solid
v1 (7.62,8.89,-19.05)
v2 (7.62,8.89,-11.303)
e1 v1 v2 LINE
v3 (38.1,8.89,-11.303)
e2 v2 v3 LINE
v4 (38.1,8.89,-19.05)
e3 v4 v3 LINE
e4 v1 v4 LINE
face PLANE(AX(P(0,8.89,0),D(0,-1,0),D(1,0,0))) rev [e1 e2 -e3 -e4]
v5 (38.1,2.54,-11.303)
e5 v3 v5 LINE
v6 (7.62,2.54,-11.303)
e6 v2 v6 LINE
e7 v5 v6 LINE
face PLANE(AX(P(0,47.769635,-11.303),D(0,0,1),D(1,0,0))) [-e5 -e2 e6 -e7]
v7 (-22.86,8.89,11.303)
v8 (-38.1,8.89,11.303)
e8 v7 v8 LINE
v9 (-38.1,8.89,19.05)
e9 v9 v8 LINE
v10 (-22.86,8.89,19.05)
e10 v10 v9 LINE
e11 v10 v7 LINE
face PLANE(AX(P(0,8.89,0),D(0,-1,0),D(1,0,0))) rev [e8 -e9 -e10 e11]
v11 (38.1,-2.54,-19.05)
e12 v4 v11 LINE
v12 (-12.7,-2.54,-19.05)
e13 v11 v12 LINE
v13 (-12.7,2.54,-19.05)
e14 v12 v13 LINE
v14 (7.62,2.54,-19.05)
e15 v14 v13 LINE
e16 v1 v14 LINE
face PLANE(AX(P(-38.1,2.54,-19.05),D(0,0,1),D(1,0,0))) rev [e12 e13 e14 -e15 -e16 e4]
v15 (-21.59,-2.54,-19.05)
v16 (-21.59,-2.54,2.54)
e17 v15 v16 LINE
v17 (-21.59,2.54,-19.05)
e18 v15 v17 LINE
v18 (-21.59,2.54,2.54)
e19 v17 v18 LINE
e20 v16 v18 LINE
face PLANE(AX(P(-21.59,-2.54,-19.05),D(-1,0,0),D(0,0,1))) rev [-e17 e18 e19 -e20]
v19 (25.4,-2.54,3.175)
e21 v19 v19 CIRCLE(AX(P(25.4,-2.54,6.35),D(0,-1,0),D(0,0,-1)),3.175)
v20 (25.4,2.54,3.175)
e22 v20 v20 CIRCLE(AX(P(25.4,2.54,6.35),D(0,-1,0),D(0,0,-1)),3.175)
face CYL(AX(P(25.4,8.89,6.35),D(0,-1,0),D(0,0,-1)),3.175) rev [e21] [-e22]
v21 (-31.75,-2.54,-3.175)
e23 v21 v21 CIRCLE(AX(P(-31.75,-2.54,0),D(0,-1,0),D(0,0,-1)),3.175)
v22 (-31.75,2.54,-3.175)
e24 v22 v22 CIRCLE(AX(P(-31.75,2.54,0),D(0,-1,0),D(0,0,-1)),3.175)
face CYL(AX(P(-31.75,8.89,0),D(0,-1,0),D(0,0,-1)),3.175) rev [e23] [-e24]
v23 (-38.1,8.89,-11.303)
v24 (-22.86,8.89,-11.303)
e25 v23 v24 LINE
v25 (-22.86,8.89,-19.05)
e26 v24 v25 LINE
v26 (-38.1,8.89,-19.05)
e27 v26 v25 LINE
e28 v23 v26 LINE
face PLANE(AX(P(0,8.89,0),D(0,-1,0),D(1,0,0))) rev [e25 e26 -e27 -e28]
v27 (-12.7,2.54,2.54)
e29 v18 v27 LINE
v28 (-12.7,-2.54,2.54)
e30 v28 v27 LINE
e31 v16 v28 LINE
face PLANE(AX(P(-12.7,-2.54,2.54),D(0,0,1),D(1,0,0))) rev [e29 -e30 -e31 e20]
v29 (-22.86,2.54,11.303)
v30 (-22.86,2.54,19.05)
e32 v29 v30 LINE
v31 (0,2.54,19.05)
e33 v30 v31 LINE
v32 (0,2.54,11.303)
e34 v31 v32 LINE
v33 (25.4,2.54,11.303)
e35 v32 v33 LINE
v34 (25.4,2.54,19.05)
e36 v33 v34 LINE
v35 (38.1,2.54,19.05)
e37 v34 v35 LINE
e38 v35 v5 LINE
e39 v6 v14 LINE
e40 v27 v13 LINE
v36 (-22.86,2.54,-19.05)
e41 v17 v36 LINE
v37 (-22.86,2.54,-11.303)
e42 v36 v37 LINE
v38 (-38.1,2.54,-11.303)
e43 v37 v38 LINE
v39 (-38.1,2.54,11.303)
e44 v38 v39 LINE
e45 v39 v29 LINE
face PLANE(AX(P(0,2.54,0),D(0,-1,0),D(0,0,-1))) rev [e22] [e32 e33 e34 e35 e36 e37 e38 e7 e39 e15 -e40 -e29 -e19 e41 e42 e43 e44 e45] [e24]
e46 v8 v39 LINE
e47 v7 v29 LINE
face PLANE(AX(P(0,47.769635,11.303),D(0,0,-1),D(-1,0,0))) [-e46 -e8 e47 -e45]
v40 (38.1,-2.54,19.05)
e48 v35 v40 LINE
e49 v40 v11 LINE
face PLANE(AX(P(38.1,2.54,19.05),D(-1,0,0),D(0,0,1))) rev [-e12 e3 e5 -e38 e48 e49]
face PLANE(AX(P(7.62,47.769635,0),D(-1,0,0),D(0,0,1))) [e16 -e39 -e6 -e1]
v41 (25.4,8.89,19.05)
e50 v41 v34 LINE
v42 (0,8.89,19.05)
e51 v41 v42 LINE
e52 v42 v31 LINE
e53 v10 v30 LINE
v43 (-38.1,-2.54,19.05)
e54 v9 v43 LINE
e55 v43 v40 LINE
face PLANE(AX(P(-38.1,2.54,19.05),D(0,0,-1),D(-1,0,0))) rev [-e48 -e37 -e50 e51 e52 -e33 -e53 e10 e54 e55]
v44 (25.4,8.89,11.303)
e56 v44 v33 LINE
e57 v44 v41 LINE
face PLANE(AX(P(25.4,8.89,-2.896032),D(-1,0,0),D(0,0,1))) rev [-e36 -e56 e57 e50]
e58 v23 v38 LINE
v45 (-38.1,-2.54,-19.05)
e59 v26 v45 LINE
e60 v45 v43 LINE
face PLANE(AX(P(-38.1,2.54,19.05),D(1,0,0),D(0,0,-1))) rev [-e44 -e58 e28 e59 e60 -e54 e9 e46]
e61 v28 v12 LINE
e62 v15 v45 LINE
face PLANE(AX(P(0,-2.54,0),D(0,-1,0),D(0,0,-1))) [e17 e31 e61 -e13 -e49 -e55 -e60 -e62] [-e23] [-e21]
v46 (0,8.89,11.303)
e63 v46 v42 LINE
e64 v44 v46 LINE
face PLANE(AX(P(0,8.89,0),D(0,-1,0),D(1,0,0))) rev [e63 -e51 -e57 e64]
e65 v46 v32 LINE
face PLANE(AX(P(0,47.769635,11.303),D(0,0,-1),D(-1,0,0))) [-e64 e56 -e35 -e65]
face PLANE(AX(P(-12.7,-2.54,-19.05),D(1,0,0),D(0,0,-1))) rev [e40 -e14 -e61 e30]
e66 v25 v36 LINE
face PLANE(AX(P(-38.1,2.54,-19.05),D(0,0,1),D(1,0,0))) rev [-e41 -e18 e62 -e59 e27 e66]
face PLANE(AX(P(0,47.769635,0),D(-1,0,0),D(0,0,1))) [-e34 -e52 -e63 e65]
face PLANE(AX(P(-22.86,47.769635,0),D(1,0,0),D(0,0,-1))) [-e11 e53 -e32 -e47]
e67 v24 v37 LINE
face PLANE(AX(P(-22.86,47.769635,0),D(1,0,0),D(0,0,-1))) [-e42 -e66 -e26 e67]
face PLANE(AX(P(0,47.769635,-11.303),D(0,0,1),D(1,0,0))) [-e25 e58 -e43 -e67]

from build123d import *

# Parameters (mm, degrees)
SKETCH1_W           = 76.2
SKETCH1_H           = 38.1
BOSS_EXTRUDE1_DEPTH = 2.54
SKETCH2_W           = 15.24
SKETCH2_H           = 7.747
SKETCH2_W_2         = 30.48
SKETCH2_W_3         = 38.1
BOSS_EXTRUDE2_DEPTH = 6.35
SKETCH3_W           = 8.89
SKETCH3_H           = 21.59
CUT_EXTRUDE1_DEPTH  = 6.08
SKETCH4_W           = 12.7
SKETCH4_H           = 6.35
CUT_EXTRUDE2_DEPTH  = 7.747
SKETCH5_R           = 3.175
CUT_EXTRUDE3_DEPTH  = 12.43


with BuildPart() as part:
    # Sketch1 → Boss-Extrude1 (new body, symmetric)
    with BuildSketch(Plane(origin=(0, 0, 0), x_dir=(1, 0, 0), z_dir=(0, 1, 0))):
        Rectangle(SKETCH1_W, SKETCH1_H)
    extrude(amount=BOSS_EXTRUDE1_DEPTH, both=True)

    # Sketch2 → Boss-Extrude2 (add)
    with BuildSketch(Plane(origin=(0, 2.54, 0), x_dir=(1, 0, 0), z_dir=(0, 1, 0))):
        with Locations((-30.48, 15.1765)):
            Rectangle(SKETCH2_W, SKETCH2_H)
        with Locations((22.86, 15.1765)):
            Rectangle(SKETCH2_W_2, SKETCH2_H)
        with Locations((19.05, -15.1765)):
            Rectangle(SKETCH2_W_3, SKETCH2_H)
        with Locations((-30.48, -15.1765)):
            Rectangle(SKETCH2_W, SKETCH2_H)
    extrude(amount=BOSS_EXTRUDE2_DEPTH)

    # Sketch3 → Cut-Extrude1 (cut, through all)
    with BuildSketch(Plane(origin=(0, 2.54, 0), x_dir=(1, 0, 0), z_dir=(0, 1, 0))):
        with Locations((-17.145, 8.255)):
            Rectangle(SKETCH3_W, SKETCH3_H)
    extrude(amount=-CUT_EXTRUDE1_DEPTH, mode=Mode.SUBTRACT)

    # Sketch4 → Cut-Extrude2 (cut)
    with BuildSketch(Plane.XY.offset(19.05)):
        with Locations((31.75, 5.715)):
            Rectangle(SKETCH4_W, SKETCH4_H)
    extrude(amount=-CUT_EXTRUDE2_DEPTH, mode=Mode.SUBTRACT)

    # Sketch5 → Cut-Extrude3 (cut, through all)
    with BuildSketch(Plane.XZ.offset(2.54)):
        with Locations((25.4, 6.35)):
            Circle(SKETCH5_R)
        with Locations((-31.75, 0)):
            Circle(SKETCH5_R)
    extrude(amount=-CUT_EXTRUDE3_DEPTH, mode=Mode.SUBTRACT)


solid = part.part
